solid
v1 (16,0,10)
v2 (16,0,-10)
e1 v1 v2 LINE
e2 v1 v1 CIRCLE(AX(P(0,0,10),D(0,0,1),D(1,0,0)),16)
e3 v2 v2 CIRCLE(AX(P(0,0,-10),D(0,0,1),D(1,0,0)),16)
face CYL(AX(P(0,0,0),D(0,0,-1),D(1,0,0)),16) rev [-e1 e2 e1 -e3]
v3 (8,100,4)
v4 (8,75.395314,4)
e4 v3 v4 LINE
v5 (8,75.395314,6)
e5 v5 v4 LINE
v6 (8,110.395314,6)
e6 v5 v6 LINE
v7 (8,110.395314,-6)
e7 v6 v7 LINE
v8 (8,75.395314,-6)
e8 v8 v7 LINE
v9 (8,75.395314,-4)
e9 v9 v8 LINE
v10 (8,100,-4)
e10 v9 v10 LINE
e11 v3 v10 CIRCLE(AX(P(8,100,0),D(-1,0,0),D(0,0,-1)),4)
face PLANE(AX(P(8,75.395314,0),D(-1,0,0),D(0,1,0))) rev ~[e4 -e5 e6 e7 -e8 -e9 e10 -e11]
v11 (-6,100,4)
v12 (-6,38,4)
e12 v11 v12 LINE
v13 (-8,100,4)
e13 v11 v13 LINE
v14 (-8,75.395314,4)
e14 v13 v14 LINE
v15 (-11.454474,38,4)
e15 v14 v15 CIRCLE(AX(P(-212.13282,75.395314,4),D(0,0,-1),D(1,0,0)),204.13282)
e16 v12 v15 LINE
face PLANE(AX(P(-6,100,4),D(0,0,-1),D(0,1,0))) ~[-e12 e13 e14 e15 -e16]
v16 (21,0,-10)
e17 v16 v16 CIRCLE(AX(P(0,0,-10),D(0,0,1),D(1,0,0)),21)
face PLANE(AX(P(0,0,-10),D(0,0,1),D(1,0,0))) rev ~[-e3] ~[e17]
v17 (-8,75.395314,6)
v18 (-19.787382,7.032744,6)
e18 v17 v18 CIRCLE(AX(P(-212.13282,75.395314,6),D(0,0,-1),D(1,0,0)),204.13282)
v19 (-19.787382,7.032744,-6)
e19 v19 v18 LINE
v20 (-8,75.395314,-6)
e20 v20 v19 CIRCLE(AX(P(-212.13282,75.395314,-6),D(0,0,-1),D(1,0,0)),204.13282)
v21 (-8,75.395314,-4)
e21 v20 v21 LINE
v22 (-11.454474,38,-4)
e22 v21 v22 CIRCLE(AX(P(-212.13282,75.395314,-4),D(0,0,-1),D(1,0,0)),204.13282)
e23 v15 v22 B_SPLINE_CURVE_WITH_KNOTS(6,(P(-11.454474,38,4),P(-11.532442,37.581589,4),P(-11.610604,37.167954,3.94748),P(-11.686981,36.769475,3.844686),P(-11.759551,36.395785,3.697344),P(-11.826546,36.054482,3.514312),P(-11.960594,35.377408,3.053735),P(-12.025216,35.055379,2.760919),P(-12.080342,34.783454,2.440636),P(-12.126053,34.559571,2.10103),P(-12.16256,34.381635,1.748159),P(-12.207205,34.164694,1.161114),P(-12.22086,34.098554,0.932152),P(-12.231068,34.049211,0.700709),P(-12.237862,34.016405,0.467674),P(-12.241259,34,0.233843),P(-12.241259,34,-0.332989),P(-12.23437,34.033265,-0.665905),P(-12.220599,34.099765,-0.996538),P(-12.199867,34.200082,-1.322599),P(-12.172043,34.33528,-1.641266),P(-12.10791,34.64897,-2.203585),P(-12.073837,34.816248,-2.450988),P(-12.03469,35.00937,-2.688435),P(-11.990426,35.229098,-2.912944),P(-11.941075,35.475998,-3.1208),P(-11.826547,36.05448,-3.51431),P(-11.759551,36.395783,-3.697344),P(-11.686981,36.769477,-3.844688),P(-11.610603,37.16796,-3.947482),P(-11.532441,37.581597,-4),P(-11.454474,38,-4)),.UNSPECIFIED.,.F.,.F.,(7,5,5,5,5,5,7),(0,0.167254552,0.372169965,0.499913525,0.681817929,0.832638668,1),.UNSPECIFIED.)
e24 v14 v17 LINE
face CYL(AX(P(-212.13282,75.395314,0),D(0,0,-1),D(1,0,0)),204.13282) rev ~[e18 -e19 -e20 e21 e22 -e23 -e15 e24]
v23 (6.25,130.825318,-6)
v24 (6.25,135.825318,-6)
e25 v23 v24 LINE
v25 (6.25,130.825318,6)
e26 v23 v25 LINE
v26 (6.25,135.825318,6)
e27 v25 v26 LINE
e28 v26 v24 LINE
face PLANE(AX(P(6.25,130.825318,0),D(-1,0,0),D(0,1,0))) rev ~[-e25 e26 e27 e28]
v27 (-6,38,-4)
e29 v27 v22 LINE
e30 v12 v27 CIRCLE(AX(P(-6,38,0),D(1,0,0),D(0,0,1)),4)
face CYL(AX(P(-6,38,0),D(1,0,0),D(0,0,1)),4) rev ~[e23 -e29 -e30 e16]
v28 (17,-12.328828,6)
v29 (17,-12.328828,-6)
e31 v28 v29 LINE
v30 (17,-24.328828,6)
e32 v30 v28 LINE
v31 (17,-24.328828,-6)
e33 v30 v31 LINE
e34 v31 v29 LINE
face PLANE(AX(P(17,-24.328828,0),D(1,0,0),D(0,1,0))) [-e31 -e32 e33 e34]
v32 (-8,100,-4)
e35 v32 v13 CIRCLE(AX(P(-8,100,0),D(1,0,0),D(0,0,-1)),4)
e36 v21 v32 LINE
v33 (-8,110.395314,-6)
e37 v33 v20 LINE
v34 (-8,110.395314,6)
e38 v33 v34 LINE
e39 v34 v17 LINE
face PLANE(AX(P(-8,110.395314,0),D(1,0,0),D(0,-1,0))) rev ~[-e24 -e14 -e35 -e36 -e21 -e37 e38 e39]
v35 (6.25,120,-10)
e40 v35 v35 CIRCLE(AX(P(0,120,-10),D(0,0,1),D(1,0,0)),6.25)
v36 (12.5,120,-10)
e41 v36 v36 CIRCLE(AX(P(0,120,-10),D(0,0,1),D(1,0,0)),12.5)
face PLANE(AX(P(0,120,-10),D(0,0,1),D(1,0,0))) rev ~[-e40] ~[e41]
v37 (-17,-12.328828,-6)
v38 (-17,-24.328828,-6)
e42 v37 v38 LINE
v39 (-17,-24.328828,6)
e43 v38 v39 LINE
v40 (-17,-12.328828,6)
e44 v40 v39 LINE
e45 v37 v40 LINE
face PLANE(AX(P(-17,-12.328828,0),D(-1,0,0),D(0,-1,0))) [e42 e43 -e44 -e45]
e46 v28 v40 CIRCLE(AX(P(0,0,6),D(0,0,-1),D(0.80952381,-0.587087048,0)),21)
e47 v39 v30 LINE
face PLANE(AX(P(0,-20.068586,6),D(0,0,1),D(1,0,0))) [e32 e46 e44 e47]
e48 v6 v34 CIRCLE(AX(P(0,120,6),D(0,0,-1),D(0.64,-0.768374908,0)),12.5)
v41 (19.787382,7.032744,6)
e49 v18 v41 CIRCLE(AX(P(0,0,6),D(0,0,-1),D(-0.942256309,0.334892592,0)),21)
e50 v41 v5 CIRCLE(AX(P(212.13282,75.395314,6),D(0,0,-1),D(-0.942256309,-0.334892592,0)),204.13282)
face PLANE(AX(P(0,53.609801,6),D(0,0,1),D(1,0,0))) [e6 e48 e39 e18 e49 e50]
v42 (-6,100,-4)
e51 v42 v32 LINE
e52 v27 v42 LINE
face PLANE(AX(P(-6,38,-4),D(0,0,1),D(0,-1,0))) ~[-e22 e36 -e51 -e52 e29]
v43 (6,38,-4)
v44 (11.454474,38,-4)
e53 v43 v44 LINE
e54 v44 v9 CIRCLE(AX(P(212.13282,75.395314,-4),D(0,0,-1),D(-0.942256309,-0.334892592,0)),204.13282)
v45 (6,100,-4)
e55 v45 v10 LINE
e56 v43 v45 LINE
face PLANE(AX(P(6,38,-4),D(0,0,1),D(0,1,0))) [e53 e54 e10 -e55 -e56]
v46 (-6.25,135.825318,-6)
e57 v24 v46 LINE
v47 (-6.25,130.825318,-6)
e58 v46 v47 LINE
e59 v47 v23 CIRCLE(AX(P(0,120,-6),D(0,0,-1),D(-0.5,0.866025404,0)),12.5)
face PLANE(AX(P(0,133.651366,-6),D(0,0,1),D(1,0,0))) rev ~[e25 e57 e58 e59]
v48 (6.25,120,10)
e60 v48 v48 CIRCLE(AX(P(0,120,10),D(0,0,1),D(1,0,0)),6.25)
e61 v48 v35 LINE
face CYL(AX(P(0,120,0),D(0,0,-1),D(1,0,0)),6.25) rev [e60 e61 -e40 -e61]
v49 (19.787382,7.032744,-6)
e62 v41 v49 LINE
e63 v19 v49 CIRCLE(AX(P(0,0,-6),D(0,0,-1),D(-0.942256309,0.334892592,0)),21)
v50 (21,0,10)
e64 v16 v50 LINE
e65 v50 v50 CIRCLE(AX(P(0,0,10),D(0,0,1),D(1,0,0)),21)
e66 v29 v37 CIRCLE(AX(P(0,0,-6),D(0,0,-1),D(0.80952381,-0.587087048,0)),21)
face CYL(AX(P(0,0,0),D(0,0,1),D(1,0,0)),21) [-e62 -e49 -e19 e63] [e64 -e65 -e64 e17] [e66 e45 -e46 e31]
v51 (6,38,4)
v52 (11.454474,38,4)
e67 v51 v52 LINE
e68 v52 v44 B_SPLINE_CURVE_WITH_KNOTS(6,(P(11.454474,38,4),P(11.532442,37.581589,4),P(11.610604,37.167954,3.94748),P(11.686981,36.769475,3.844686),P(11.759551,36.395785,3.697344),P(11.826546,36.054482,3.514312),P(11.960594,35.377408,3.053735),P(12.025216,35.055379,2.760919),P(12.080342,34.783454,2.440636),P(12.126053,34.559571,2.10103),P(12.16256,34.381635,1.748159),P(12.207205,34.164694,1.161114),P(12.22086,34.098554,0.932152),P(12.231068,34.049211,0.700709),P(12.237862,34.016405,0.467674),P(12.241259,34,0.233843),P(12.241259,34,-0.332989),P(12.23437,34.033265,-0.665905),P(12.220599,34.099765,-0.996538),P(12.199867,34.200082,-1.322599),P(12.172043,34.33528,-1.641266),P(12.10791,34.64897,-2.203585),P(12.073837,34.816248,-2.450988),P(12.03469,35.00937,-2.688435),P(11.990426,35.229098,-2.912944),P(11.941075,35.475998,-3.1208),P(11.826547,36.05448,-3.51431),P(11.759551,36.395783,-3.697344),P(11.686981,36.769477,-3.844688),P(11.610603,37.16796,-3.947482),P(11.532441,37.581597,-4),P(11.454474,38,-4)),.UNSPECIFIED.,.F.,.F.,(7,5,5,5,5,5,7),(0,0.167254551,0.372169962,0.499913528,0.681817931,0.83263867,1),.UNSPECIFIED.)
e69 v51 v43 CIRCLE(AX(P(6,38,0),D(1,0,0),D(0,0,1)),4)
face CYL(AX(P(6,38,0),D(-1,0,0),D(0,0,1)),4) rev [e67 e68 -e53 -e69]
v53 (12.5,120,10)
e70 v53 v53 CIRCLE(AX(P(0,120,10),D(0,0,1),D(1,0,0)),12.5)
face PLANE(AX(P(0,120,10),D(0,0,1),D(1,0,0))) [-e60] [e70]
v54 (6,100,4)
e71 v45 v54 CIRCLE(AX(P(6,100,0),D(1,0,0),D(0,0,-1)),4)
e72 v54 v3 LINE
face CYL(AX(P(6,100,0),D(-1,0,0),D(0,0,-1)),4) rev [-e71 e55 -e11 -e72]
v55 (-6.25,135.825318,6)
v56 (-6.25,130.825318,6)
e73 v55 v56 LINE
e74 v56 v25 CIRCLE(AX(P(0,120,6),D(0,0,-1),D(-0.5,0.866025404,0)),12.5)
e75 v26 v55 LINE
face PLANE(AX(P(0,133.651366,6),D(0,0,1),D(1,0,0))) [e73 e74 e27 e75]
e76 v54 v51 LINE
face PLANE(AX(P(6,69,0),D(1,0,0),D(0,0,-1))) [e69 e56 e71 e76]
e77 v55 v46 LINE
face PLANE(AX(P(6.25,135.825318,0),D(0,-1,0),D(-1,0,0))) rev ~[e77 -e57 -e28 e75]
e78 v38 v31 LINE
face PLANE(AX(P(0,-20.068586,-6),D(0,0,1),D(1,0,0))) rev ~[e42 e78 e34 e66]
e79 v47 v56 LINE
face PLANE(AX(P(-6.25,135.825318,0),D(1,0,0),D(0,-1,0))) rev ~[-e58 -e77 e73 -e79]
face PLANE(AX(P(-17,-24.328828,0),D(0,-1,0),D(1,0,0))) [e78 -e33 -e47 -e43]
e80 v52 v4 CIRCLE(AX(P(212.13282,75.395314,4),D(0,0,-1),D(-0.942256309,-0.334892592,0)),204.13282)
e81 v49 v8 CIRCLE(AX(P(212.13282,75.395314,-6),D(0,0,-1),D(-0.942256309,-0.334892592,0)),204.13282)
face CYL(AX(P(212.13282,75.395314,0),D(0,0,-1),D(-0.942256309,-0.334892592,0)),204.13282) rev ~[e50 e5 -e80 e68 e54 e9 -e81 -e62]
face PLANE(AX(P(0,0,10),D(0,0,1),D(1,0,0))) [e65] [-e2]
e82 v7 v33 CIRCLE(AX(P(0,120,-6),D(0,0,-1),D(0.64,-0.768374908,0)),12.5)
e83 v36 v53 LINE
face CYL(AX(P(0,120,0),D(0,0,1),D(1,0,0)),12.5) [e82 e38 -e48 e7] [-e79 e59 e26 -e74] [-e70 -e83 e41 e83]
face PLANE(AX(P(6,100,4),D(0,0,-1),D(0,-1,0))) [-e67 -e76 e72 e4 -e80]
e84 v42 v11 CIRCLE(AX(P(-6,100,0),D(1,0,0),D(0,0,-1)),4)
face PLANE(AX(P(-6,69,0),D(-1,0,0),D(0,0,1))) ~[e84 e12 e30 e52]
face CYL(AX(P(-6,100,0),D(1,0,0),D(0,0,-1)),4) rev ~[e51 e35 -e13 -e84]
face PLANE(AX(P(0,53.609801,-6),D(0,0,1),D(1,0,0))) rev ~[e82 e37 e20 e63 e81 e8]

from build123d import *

# Parameters (mm, degrees)
SKETCH1_R             = 12.5
SKETCH1_R_2           = 6.25
BOSS_EXTRUDE1_DEPTH   = 10
SKETCH1_R_3           = 21
SKETCH1_R_4           = 16
BOSS_EXTRUDE1_2_DEPTH = 10
BOSS_EXTRUDE2_DEPTH   = 6
CUT_EXTRUDE1_START    = 6
CUT_EXTRUDE1_DEPTH    = 132.802456026


with BuildPart() as part:
    # Sketch1 → Boss-Extrude1 (new, symmetric)
    with BuildSketch(Plane.XY):
        with Locations((0, 120)):
            Circle(SKETCH1_R)
        with Locations((0, 120)):
            Circle(SKETCH1_R_2, mode=Mode.SUBTRACT)
    extrude(amount=BOSS_EXTRUDE1_DEPTH, both=True)



with BuildPart() as body_2:
    # Sketch1 → Boss-Extrude1 2 (new, symmetric)
    with BuildSketch(Plane.XY):
        Circle(SKETCH1_R_3)
        Circle(SKETCH1_R_4, mode=Mode.SUBTRACT)
    extrude(amount=BOSS_EXTRUDE1_2_DEPTH, both=True)


with BuildPart() as part_1:
    add(part.part)

    add(body_2.part)  # Boss-Extrude2 merges body 2
    # Sketch1<3> → Boss-Extrude2 (add, symmetric)
    with BuildSketch(Plane.XY):
        with BuildLine():
            ThreePointArc((8, 110.395313644), (0, 107.5), (-8, 110.395313644))
            Line((-8, 110.395313644), (-8, 75.395313644))
            ThreePointArc((-8, 75.395313644), (-10.96842855, 40.709642053), (-19.787382488, 7.032744434))
            ThreePointArc((-19.787382488, 7.032744434), (0, 21), (19.787382488, 7.032744434))
            ThreePointArc((19.787382488, 7.032744434), (10.96842855, 40.709642053), (8, 75.395313644))
            Line((8, 75.395313644), (8, 110.395313644))
        make_face()
        with BuildLine():
            Line((-6.25, 135.825317547), (-6.25, 130.825317547))
            ThreePointArc((-6.25, 130.825317547), (0, 132.5), (6.25, 130.825317547))
            Line((6.25, 130.825317547), (6.25, 135.825317547))
            Line((6.25, 135.825317547), (-6.25, 135.825317547))
        make_face()
        with BuildLine():
            ThreePointArc((17, -12.328828006), (0, -21), (-17, -12.328828006))
            Line((-17, -12.328828006), (-17, -24.328828006))
            Line((-17, -24.328828006), (17, -24.328828006))
            Line((17, -24.328828006), (17, -12.328828006))
        make_face()
    extrude(amount=BOSS_EXTRUDE2_DEPTH, both=True)

    # Sketch2 → Cut-Extrude1 (cut, through all)
    with BuildSketch(Plane(origin=(0, 0, 0), x_dir=(0, 0, -1), z_dir=(1, 0, 0)).offset(CUT_EXTRUDE1_START)):
        with BuildLine():
            Line((4, 38), (4, 100))
            ThreePointArc((4, 100), (0, 104), (-4, 100))
            Line((-4, 100), (-4, 38))
            ThreePointArc((-4, 38), (0, 34), (4, 38))
        make_face()
    cut_extrude1 = extrude(amount=CUT_EXTRUDE1_DEPTH, mode=Mode.SUBTRACT)

    # Mirror1: Cut-Extrude1 across plane
    add(cut_extrude1.mirror(Plane(origin=(0, 0, 0), x_dir=(0, 0, 1), z_dir=(1, 0, 0))), mode=Mode.SUBTRACT)


solid = part_1.part
